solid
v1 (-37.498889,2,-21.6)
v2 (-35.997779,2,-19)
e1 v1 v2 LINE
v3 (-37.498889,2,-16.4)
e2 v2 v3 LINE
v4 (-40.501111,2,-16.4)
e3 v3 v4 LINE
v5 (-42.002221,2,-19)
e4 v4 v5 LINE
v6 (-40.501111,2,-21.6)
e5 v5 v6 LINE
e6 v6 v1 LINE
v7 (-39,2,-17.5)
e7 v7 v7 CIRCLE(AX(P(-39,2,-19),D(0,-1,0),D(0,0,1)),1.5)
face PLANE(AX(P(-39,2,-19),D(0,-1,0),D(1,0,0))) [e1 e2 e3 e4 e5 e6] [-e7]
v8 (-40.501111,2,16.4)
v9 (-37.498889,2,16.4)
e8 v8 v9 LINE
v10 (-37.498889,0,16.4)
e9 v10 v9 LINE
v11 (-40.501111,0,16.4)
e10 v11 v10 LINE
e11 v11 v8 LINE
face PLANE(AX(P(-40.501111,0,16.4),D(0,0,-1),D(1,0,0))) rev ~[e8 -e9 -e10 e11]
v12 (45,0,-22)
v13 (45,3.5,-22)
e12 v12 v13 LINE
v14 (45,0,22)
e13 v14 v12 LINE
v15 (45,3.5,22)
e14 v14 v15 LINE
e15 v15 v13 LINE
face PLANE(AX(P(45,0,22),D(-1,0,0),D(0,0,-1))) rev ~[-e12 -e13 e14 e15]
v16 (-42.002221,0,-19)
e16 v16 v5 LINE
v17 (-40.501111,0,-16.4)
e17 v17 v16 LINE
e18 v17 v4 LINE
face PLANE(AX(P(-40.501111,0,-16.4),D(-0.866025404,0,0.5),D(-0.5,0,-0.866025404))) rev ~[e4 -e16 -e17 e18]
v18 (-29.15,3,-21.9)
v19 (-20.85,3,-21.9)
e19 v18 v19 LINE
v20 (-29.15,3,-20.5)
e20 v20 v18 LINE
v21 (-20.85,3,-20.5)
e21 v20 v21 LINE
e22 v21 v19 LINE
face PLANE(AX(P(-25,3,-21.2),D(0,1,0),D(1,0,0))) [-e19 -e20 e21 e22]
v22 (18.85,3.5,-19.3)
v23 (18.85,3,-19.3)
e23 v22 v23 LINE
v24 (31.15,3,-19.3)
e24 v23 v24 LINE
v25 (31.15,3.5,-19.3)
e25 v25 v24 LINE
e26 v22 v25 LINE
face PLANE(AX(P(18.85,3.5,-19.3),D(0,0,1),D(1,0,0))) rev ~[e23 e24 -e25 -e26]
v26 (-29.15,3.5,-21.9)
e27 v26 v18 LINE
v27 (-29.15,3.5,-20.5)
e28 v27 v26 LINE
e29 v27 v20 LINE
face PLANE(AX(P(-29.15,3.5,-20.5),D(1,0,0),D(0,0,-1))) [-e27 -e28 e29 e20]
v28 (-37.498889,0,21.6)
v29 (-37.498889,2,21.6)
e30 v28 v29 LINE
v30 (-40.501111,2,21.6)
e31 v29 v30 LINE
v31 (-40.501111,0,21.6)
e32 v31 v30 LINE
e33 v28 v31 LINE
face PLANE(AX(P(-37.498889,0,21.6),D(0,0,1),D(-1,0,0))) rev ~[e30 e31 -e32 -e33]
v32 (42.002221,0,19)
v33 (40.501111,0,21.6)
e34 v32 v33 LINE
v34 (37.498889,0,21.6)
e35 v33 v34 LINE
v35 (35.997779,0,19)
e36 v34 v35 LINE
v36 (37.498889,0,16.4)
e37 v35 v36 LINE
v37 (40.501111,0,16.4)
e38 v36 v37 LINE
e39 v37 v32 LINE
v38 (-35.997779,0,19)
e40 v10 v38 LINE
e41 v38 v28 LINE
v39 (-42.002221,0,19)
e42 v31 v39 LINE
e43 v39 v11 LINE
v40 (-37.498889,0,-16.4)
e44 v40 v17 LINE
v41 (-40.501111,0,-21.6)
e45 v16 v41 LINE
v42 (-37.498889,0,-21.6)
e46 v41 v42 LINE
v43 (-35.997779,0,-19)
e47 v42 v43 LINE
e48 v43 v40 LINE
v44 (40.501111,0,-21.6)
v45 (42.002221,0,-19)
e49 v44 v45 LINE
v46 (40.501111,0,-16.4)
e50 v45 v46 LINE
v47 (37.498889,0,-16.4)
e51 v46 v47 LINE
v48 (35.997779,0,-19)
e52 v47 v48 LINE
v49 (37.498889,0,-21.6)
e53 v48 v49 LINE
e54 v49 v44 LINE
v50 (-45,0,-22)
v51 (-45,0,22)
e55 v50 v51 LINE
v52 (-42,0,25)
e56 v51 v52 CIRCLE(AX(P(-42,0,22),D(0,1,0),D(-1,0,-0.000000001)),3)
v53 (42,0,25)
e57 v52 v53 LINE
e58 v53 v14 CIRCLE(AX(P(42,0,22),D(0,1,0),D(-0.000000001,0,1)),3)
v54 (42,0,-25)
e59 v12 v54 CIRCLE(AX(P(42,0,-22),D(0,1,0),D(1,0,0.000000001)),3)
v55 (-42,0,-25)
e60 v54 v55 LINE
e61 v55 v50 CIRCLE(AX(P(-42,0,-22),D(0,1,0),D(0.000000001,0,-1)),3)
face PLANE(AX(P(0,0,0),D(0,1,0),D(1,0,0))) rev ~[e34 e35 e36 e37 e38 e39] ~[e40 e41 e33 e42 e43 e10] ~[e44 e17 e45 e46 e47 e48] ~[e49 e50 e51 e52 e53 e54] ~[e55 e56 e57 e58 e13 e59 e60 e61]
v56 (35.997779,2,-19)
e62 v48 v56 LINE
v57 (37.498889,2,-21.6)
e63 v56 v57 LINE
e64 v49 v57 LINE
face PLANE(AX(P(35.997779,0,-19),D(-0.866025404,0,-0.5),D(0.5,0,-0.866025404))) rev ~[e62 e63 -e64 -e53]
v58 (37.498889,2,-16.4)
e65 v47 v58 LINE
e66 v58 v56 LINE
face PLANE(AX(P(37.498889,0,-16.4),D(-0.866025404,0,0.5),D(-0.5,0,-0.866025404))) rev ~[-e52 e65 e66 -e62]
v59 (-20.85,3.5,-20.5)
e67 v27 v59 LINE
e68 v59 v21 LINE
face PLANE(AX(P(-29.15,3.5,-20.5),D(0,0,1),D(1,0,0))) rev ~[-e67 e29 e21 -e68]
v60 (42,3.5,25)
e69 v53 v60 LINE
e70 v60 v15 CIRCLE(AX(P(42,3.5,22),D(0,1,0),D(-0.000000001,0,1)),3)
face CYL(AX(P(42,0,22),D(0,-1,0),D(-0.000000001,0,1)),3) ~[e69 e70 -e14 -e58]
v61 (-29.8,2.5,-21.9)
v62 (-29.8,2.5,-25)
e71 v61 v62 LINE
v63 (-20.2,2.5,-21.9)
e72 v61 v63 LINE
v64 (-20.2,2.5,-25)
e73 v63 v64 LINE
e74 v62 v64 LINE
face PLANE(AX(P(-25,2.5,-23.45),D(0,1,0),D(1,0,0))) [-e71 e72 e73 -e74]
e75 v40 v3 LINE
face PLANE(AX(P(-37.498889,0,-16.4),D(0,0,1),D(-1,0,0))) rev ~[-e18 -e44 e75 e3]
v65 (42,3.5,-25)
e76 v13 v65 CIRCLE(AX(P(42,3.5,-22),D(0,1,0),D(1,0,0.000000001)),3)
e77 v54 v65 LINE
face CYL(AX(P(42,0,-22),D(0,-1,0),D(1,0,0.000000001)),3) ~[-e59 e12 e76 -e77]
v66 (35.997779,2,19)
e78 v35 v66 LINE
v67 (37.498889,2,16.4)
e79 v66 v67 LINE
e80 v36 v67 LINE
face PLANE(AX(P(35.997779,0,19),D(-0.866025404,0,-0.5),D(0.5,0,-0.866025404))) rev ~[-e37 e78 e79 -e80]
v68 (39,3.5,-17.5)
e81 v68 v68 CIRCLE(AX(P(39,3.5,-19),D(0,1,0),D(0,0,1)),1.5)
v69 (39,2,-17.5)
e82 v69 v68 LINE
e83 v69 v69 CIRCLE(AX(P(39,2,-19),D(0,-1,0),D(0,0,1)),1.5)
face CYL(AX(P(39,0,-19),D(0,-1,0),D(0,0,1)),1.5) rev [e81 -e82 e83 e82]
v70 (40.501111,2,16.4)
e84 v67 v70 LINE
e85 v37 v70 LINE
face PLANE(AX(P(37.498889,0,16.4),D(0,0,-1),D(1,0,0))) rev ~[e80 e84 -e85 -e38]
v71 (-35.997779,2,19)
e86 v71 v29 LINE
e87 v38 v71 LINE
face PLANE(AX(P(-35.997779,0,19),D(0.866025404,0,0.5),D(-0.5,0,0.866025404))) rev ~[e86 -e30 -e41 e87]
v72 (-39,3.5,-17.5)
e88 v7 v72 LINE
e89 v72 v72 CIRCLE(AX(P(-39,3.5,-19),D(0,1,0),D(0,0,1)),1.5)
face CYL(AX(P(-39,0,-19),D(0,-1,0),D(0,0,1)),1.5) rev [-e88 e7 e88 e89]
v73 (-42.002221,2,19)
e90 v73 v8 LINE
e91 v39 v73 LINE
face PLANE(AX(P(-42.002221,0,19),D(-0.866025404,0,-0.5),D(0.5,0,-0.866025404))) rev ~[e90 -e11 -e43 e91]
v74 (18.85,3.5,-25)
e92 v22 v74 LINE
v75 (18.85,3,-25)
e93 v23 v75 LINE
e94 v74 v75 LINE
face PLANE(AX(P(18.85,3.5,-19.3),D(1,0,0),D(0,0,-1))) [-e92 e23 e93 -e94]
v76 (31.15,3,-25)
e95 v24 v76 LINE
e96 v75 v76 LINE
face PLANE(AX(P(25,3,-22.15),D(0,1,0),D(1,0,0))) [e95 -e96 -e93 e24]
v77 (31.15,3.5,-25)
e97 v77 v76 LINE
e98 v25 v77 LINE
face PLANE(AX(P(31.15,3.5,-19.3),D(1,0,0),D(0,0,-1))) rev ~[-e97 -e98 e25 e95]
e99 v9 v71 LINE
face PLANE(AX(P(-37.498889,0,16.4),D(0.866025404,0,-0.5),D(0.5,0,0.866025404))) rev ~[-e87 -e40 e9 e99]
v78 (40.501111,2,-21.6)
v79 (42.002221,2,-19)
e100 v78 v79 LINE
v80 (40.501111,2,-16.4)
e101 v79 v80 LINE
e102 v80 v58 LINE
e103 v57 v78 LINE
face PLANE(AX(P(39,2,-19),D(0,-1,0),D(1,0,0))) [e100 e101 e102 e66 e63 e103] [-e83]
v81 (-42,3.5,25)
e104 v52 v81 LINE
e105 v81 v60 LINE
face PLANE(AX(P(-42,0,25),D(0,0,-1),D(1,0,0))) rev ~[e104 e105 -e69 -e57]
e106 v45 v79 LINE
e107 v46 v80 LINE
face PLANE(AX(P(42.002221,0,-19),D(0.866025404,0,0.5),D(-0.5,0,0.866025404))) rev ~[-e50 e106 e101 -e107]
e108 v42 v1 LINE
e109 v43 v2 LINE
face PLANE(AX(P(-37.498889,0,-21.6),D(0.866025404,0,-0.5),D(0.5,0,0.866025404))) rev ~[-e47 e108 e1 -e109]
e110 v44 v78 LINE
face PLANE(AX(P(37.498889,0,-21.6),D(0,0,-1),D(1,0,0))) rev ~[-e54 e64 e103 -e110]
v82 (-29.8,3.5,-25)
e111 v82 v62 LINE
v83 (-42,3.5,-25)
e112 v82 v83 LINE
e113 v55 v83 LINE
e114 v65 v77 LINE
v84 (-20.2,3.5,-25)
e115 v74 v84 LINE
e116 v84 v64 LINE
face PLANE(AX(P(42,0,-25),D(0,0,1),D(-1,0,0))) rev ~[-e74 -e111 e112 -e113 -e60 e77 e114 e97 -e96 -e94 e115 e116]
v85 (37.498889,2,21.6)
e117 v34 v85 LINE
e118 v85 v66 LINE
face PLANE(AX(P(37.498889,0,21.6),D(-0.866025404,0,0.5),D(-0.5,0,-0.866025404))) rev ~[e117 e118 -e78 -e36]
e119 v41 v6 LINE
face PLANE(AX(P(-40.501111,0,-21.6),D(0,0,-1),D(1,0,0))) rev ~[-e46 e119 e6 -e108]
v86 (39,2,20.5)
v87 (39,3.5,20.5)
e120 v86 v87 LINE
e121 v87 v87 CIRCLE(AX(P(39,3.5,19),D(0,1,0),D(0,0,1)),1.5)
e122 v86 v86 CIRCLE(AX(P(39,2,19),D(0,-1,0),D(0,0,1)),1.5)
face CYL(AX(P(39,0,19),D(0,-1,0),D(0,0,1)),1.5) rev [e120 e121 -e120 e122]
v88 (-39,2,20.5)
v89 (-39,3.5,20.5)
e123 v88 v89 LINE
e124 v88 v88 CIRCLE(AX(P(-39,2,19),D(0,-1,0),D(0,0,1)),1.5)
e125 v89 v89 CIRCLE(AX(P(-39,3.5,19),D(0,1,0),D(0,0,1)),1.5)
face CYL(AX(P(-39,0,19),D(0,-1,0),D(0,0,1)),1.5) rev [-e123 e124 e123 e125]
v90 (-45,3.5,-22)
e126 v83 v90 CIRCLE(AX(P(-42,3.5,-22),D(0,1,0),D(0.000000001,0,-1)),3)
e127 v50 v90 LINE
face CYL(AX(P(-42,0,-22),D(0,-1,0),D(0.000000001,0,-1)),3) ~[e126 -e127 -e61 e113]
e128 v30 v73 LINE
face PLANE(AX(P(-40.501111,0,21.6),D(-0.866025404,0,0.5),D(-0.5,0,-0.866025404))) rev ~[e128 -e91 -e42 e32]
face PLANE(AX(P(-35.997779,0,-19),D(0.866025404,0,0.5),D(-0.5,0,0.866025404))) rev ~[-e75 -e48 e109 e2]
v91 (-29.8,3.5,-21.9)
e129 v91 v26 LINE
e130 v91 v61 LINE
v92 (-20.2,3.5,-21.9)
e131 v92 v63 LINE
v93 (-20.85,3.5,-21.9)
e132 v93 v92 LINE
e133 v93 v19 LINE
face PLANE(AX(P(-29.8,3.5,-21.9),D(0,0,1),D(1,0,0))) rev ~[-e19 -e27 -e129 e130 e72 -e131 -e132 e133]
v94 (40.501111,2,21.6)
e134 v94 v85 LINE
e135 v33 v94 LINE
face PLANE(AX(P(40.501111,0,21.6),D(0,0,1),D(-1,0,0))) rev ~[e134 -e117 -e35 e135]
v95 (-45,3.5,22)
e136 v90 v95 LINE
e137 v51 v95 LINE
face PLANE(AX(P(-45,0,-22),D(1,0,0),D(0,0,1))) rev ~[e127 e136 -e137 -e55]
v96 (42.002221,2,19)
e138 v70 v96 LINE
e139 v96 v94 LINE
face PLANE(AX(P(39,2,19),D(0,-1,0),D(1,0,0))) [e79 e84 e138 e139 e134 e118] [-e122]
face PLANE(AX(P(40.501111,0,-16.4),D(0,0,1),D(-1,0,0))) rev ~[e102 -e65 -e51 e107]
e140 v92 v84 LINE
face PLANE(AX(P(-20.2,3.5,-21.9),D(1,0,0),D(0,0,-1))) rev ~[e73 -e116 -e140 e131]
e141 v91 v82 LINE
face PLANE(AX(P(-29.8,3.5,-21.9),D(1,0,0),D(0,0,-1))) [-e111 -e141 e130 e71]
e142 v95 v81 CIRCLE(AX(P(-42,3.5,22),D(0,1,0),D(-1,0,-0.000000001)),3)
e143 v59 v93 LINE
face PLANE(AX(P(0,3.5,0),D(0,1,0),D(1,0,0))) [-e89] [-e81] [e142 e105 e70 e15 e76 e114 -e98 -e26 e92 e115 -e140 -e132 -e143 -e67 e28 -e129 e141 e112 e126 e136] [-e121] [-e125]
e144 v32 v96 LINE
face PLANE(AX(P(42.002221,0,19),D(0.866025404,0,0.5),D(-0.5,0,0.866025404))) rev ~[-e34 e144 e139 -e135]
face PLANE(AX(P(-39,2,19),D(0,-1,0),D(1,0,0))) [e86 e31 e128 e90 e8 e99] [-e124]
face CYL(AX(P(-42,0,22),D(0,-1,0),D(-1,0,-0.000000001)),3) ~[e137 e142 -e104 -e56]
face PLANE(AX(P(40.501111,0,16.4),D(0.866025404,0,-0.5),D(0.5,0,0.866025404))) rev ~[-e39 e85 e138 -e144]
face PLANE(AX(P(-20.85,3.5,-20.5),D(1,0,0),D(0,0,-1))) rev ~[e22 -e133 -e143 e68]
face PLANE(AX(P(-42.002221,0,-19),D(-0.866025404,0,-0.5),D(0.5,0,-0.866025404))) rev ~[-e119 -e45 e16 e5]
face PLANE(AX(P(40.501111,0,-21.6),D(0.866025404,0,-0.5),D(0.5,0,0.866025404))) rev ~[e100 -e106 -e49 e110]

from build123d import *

# Parameters (mm, degrees)
SKETCH_1_R          = 1.5
EXTRUDE_1_DEPTH     = 3.5
SKETCH_2_W          = 8.3
SKETCH_2_H          = 1.4
SKETCH_2_W_2        = 12.3
SKETCH_2_H_2        = 5.7
CUT_EXTRUDE_1_DEPTH = 0.5
SKETCH_2_3_W        = 9.6
SKETCH_2_3_H        = 3.1
CUT_EXTRUDE_2_DEPTH = 1
CUT_EXTRUDE_3_DEPTH = 2


with BuildPart() as part:
    # 草图1 → 凸台-拉伸1 (new body)
    with BuildSketch(Plane(origin=(0, 0, 0), x_dir=(1, 0, 0), z_dir=(0, 1, 0))):
        with BuildLine():
            Line((-42, -25), (42, -25))
            ThreePointArc((42, -25), (44.121320344, -24.121320344), (45, -22))
            Line((45, -22), (45, 22))
            ThreePointArc((45, 22), (44.121320344, 24.121320344), (42, 25))
            Line((42, 25), (-42, 25))
            ThreePointArc((-42, 25), (-44.121320344, 24.121320344), (-45, 22))
            Line((-45, 22), (-45, -22))
            ThreePointArc((-45, -22), (-44.121320344, -24.121320344), (-42, -25))
        make_face()
        with Locations((-39, 19)):
            Circle(SKETCH_1_R, mode=Mode.SUBTRACT)
        with Locations((39, 19)):
            Circle(SKETCH_1_R, mode=Mode.SUBTRACT)
        with Locations((-39, -19)):
            Circle(SKETCH_1_R, mode=Mode.SUBTRACT)
        with Locations((39, -19)):
            Circle(SKETCH_1_R, mode=Mode.SUBTRACT)
    extrude(amount=EXTRUDE_1_DEPTH)

    # 草图2 → 切除-拉伸1 (cut)
    with BuildSketch(Plane(origin=(0, 3.5, 0), x_dir=(1, 0, 0), z_dir=(0, 1, 0))):
        with Locations((-25, 21.2)):
            Rectangle(SKETCH_2_W, SKETCH_2_H)
        with Locations((25, 22.15)):
            Rectangle(SKETCH_2_W_2, SKETCH_2_H_2)
    extrude(amount=-CUT_EXTRUDE_1_DEPTH, mode=Mode.SUBTRACT)

    # 草图2<3> → 切除-拉伸2 (cut)
    with BuildSketch(Plane(origin=(0, 3.5, 0), x_dir=(1, 0, 0), z_dir=(0, 1, 0))):
        with Locations((-25, 23.45)):
            Rectangle(SKETCH_2_3_W, SKETCH_2_3_H)
    extrude(amount=-CUT_EXTRUDE_2_DEPTH, mode=Mode.SUBTRACT)

    # 草图3 → 切除-拉伸3 (cut)
    with BuildSketch(Plane.XZ):
        Polygon((-37.4988893, 21.6), (-40.5011107, 21.6), (-42.0022214, 19), (-40.5011107, 16.4), (-37.4988893, 16.4), (-35.9977786, 19), align=None)
        Polygon((-37.4988893, -16.4), (-40.5011107, -16.4), (-42.0022214, -19), (-40.5011107, -21.6), (-37.4988893, -21.6), (-35.9977786, -19), align=None)
        Polygon((40.5011107, -16.4), (37.4988893, -16.4), (35.9977786, -19), (37.4988893, -21.6), (40.5011107, -21.6), (42.0022214, -19), align=None)
        Polygon((37.4988893, 21.6), (35.9977786, 19), (37.4988893, 16.4), (40.5011107, 16.4), (42.0022214, 19), (40.5011107, 21.6), align=None)
    extrude(amount=-CUT_EXTRUDE_3_DEPTH, mode=Mode.SUBTRACT)


solid = part.part
